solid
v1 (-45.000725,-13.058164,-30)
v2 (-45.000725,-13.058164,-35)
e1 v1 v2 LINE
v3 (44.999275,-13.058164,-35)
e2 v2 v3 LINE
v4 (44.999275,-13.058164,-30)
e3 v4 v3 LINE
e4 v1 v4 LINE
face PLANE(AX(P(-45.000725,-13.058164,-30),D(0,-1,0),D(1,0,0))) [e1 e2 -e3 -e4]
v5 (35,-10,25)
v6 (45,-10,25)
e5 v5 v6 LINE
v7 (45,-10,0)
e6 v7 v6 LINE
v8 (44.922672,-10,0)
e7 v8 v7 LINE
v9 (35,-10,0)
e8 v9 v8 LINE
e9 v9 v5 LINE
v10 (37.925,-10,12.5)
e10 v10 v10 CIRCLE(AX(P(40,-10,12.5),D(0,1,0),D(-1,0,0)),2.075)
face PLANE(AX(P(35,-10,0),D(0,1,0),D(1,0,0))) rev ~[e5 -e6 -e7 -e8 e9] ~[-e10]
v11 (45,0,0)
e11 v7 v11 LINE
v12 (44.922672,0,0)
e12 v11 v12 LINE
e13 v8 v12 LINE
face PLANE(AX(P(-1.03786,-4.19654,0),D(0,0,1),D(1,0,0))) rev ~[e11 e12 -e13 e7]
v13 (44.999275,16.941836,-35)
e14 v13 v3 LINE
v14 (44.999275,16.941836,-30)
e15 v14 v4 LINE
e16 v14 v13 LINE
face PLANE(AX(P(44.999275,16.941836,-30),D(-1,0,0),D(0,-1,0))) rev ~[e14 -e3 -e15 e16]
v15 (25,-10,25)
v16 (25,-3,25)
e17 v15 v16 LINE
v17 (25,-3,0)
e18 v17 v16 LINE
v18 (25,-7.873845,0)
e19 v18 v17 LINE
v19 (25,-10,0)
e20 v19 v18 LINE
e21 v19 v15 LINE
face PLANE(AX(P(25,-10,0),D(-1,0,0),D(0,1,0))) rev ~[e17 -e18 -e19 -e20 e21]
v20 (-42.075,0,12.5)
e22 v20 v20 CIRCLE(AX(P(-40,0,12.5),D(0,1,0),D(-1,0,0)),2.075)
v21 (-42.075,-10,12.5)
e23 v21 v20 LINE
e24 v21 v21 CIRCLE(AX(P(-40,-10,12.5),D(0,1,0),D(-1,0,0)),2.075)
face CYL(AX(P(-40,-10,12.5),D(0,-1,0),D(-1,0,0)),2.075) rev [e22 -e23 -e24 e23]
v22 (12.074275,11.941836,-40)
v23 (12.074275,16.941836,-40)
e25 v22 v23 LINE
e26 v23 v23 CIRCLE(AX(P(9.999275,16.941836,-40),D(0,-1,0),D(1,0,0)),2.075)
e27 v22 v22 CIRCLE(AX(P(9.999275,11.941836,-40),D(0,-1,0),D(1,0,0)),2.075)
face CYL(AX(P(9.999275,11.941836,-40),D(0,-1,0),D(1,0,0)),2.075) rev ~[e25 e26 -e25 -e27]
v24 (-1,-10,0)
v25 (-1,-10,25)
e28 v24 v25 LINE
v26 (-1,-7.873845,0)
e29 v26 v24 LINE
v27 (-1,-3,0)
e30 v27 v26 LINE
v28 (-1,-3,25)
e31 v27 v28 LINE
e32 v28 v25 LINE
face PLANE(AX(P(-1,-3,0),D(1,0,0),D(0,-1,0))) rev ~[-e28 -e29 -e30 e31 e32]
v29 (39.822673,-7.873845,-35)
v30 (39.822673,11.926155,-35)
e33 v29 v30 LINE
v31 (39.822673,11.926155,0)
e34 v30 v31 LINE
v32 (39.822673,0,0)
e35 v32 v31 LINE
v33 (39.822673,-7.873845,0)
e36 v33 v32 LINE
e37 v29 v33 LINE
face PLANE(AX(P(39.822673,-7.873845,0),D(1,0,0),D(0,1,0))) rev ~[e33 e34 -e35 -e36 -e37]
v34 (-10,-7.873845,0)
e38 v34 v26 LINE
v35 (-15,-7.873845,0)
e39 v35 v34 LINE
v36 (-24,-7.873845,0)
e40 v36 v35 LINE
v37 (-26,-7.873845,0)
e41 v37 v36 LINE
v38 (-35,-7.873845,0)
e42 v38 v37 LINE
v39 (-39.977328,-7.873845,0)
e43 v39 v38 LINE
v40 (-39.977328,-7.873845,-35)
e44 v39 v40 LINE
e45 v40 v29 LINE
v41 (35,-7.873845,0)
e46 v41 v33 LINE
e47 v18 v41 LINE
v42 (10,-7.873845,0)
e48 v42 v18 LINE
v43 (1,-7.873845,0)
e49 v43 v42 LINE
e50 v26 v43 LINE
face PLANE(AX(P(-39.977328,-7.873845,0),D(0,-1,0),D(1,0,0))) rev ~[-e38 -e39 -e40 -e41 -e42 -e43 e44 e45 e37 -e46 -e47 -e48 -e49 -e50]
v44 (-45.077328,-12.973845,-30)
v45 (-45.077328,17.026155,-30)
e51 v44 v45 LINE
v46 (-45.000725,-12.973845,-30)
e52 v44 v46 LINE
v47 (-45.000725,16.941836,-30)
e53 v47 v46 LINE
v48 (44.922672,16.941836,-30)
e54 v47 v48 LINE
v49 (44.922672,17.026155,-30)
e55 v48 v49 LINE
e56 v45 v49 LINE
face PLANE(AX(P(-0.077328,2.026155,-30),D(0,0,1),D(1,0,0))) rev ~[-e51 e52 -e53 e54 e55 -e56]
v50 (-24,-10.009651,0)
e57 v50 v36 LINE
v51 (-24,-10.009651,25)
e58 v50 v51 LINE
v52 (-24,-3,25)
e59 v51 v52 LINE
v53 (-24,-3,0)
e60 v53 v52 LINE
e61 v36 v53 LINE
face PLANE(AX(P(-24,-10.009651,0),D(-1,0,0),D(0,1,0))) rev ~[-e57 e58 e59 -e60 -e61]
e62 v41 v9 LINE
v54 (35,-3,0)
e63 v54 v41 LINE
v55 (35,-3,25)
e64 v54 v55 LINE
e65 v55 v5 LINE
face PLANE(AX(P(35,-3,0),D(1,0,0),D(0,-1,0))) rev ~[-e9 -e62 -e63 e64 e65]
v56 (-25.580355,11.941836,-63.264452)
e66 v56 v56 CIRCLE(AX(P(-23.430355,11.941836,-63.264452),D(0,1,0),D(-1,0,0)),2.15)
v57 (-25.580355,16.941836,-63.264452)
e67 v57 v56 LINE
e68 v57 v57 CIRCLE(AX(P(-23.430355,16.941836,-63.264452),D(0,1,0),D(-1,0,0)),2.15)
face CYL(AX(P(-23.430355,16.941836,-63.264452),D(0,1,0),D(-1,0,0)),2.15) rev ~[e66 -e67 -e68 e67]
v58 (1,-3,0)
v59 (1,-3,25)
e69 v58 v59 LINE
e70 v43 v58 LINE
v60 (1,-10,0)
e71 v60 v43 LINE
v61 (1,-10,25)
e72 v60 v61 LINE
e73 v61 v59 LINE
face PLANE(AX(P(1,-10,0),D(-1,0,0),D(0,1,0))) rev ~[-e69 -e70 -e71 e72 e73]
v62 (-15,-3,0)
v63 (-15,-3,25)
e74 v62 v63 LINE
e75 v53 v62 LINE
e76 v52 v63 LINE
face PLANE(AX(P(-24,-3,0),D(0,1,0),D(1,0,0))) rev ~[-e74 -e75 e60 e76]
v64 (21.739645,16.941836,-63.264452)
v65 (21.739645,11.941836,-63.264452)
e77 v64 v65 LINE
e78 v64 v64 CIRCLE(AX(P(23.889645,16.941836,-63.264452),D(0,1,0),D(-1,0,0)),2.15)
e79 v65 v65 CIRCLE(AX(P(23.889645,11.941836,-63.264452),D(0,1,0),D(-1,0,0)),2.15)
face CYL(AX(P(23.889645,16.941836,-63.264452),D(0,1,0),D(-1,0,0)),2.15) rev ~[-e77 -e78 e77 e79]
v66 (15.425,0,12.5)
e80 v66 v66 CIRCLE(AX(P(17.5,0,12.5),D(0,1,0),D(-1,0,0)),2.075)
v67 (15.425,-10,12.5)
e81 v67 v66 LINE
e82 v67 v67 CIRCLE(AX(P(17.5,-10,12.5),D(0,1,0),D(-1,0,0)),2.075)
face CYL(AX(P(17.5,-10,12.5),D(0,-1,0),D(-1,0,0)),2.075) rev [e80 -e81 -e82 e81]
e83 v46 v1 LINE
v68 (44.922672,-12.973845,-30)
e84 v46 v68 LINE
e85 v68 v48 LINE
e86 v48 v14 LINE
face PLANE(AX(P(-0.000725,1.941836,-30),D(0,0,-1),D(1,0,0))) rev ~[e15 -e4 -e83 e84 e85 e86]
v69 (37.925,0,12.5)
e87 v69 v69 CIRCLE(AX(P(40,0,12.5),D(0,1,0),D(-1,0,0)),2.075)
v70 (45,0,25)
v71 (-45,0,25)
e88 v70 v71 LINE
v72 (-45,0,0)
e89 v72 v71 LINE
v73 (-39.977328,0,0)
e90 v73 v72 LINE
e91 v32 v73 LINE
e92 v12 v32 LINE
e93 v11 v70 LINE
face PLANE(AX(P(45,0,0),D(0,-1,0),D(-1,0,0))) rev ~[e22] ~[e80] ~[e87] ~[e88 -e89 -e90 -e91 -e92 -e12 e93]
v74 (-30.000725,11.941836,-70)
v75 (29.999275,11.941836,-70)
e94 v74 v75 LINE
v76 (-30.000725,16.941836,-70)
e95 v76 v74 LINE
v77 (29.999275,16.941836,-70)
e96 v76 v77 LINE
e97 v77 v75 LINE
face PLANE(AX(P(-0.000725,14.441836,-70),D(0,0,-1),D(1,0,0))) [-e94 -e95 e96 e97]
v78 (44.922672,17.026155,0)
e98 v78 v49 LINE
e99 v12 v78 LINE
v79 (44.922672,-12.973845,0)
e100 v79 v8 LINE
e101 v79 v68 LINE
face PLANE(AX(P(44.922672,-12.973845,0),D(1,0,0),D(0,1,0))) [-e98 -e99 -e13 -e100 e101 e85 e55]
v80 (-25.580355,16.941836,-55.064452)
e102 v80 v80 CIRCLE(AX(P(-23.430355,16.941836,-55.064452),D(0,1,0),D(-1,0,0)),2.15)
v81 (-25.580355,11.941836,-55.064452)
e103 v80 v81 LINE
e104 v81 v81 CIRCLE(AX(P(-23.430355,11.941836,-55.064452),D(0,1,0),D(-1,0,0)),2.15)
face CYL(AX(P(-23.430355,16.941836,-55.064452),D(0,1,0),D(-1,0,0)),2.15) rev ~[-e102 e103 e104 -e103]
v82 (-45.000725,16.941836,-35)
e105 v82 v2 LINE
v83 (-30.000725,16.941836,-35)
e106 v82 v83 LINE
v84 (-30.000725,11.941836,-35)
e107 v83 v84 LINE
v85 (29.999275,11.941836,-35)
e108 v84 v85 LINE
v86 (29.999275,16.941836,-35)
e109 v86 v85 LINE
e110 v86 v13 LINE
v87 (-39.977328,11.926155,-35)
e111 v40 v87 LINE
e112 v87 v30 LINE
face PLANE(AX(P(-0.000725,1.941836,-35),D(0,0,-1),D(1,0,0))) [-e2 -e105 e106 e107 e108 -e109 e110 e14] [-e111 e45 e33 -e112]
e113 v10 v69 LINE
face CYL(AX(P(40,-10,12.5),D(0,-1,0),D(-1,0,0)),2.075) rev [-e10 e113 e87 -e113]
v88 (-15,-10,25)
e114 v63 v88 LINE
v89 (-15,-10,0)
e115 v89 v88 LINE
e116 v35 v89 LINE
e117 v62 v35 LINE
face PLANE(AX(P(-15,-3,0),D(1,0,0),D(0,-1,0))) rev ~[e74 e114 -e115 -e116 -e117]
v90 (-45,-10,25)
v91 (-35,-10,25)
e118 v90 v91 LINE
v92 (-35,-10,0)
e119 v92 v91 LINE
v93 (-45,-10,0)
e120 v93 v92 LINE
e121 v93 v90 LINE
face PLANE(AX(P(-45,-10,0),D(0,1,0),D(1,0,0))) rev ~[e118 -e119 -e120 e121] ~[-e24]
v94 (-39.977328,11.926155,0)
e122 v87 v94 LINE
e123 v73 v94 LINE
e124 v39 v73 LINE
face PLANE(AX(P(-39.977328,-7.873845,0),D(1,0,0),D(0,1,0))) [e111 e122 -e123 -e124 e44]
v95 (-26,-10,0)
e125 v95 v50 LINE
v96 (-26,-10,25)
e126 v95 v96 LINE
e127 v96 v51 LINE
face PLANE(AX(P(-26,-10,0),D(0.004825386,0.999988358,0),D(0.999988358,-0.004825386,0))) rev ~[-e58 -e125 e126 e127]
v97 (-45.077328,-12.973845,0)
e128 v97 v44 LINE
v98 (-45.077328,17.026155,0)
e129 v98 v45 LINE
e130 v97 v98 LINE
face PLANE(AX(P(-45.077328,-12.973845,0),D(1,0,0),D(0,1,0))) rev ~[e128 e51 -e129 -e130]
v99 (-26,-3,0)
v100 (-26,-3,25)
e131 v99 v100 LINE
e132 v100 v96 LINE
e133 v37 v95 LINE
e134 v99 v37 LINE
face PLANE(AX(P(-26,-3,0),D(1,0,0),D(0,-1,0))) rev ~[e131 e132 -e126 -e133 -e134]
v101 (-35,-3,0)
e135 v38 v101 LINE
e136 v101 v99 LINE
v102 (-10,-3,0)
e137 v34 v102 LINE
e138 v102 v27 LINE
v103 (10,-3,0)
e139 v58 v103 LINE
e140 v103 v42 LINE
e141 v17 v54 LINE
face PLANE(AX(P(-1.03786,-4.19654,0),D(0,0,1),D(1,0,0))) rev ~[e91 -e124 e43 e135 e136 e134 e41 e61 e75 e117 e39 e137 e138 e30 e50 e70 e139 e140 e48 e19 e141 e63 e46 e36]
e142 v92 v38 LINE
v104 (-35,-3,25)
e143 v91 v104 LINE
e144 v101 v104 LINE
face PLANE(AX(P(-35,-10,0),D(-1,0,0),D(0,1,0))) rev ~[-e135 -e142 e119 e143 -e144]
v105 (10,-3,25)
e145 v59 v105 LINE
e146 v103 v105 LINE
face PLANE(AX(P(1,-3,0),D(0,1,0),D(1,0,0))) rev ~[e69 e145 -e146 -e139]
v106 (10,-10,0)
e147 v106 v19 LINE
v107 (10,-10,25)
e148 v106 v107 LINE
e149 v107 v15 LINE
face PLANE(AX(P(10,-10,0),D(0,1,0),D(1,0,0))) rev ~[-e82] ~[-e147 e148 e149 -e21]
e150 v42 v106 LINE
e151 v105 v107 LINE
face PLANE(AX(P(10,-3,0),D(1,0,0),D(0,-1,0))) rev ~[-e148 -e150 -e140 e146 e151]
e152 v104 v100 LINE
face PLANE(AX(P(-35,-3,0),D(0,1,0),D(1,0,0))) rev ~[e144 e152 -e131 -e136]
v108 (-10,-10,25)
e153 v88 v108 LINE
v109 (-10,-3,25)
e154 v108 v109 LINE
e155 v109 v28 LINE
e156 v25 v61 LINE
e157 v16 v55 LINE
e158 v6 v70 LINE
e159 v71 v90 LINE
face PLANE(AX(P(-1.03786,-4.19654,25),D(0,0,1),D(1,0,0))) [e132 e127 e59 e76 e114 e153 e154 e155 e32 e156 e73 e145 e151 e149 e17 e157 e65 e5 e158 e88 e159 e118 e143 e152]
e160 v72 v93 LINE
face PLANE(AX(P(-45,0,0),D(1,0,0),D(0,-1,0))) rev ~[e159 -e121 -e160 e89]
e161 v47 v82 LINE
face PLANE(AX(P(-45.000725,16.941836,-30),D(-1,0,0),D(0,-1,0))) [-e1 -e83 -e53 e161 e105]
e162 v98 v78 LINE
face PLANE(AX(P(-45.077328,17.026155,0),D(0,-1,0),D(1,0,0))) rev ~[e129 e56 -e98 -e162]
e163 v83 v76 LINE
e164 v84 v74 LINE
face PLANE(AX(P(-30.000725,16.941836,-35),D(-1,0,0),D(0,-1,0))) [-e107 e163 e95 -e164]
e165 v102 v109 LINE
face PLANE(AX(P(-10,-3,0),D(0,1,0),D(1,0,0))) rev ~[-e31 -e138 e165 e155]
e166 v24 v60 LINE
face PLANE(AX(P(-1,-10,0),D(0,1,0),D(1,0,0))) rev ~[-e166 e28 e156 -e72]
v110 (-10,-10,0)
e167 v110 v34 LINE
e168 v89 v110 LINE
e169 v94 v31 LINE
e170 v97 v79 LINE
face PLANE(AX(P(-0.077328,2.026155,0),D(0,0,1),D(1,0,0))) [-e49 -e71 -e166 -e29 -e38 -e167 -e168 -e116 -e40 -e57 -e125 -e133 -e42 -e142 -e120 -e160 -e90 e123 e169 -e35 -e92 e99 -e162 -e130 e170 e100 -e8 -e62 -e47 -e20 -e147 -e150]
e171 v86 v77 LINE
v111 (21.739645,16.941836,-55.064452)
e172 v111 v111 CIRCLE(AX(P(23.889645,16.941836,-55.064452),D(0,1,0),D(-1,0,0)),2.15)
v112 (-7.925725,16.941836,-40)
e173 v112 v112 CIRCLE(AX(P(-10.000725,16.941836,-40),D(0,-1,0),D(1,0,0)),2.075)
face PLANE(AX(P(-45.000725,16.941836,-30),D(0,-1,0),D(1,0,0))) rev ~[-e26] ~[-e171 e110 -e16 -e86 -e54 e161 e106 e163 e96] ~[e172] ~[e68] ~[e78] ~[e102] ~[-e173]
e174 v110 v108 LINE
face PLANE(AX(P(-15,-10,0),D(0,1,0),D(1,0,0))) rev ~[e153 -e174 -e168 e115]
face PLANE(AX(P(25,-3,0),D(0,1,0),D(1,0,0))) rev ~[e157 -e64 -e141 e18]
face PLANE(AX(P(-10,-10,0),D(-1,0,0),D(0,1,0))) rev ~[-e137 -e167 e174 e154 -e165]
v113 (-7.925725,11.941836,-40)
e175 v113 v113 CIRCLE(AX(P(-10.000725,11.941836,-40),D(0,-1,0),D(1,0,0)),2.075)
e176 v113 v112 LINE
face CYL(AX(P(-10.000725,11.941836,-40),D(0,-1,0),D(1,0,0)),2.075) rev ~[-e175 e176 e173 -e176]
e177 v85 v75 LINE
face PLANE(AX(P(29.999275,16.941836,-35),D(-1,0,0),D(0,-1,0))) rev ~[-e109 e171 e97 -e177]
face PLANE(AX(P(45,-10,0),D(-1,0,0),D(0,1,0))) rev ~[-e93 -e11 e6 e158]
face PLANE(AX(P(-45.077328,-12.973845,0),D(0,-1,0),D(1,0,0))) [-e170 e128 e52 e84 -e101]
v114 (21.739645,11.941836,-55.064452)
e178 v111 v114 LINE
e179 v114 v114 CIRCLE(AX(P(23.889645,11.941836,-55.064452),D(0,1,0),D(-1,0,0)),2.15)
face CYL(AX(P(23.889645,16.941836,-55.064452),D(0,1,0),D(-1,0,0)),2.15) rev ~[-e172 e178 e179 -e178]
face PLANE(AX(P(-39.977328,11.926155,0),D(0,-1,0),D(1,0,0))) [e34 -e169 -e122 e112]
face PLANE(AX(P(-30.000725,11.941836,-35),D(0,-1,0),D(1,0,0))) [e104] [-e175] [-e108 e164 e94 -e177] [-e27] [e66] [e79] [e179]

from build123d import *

# Parameters (mm, degrees)
F1_DEPTH  = 25
F2_W      = 90
F2_H      = 30
F2_W_2    = 79.8000005633
F2_H_2    = 19.8000005633
F3_DEPTH  = 30
F5_W      = 90
F5_H      = 30
F6_DEPTH  = 5
F7_W      = 60
F7_H      = 5
F8_DEPTH  = 35
F9_R      = 2.075
F10_DEPTH = 5
F12_R     = 2.075
F13_DEPTH = 10
F15_R     = 2.15
F16_DEPTH = 5
F17_DEPTH = 35


with BuildPart() as f1:
    # F0 (on Top) → F1 (new body)
    with BuildSketch(Plane.XY):
        Polygon((-20, 0), (-45, 0), (-45, -10), (-35, -10), (-35, -3), (-26, -3), (-26, -10), (-24, -10.0096508846), (-24, -3), (-15, -3), (-15, -10), (-10, -10), (-10, -3), (-1, -3), (-1, -10), (1, -10), (1, -3), (10, -3), (10, -10), (25, -10), (25, -3), (35, -3), (35, -10), (45, -10), (45, 0), (20, 0), align=None)
    extrude(amount=F1_DEPTH)

    # F2 (on Top) → F3 (join)
    with BuildSketch(Plane.XY):
        with Locations((-0.0773276389, 2.026154995)):
            Rectangle(F2_W, F2_H)
        with Locations((-0.0773276389, 2.026154995)):
            Rectangle(F2_W_2, F2_H_2, mode=Mode.SUBTRACT)
    extrude(amount=-F3_DEPTH)

    # F5 (on offset) → F6 (join)
    with BuildSketch(Plane(origin=(0, 0, -30), x_dir=(1, 0, 0), z_dir=(0, 0, -1))):
        with Locations((-0.0007246435, -1.9418361038)):
            Rectangle(F5_W, F5_H)
    extrude(amount=F6_DEPTH)

    # F7 (on face) → F8 (join)
    with BuildSketch(Plane(origin=(0, 0, -35), x_dir=(1, 0, 0), z_dir=(0, 0, -1))):
        with Locations((-0.0007246435, -14.4418361038)):
            Rectangle(F7_W, F7_H)
    extrude(amount=F8_DEPTH)

    # F9 (on face) → F10 (cut, through all)
    with BuildSketch(Plane.XZ.offset(-11.9418361038)):
        with Locations((-10.0007246435, -40)):
            Circle(F9_R)
        with Locations((9.9992753565, -40)):
            Circle(F9_R)
    extrude(amount=-F10_DEPTH, mode=Mode.SUBTRACT)

    # F12 (on offset) → F13 (cut, through all)
    with BuildSketch(Plane(origin=(0, -10, 0), x_dir=(-1, 0, 0), z_dir=(0, 1, 0))):
        with Locations((40, 12.5)):
            Circle(F12_R)
        with Locations((-17.5, 12.5)):
            Circle(F12_R)
        with Locations((-40, 12.5)):
            Circle(F12_R)
    extrude(amount=F13_DEPTH, mode=Mode.SUBTRACT)

    # F15 (on offset) → F16 (cut, through all)
    with BuildSketch(Plane(origin=(0, 16.9418361038, 0), x_dir=(-1, 0, 0), z_dir=(0, 1, 0))):
        with Locations((23.4303546713, -55.0644522592)):
            Circle(F15_R)
        with Locations((-23.8896453287, -55.0644522592)):
            Circle(F15_R)
        with Locations((-23.8896453287, -63.2644522592)):
            Circle(F15_R)
        with Locations((23.4303546713, -63.2644522592)):
            Circle(F15_R)
    extrude(amount=-F16_DEPTH, mode=Mode.SUBTRACT)

    # F2 (on Top) → F17 (cut)
    with BuildSketch(Plane.XY):
        with Locations((-0.0773276389, 2.026154995)):
            Rectangle(F2_W_2, F2_H_2)
    extrude(amount=-F17_DEPTH, mode=Mode.SUBTRACT)


solid = f1.part
